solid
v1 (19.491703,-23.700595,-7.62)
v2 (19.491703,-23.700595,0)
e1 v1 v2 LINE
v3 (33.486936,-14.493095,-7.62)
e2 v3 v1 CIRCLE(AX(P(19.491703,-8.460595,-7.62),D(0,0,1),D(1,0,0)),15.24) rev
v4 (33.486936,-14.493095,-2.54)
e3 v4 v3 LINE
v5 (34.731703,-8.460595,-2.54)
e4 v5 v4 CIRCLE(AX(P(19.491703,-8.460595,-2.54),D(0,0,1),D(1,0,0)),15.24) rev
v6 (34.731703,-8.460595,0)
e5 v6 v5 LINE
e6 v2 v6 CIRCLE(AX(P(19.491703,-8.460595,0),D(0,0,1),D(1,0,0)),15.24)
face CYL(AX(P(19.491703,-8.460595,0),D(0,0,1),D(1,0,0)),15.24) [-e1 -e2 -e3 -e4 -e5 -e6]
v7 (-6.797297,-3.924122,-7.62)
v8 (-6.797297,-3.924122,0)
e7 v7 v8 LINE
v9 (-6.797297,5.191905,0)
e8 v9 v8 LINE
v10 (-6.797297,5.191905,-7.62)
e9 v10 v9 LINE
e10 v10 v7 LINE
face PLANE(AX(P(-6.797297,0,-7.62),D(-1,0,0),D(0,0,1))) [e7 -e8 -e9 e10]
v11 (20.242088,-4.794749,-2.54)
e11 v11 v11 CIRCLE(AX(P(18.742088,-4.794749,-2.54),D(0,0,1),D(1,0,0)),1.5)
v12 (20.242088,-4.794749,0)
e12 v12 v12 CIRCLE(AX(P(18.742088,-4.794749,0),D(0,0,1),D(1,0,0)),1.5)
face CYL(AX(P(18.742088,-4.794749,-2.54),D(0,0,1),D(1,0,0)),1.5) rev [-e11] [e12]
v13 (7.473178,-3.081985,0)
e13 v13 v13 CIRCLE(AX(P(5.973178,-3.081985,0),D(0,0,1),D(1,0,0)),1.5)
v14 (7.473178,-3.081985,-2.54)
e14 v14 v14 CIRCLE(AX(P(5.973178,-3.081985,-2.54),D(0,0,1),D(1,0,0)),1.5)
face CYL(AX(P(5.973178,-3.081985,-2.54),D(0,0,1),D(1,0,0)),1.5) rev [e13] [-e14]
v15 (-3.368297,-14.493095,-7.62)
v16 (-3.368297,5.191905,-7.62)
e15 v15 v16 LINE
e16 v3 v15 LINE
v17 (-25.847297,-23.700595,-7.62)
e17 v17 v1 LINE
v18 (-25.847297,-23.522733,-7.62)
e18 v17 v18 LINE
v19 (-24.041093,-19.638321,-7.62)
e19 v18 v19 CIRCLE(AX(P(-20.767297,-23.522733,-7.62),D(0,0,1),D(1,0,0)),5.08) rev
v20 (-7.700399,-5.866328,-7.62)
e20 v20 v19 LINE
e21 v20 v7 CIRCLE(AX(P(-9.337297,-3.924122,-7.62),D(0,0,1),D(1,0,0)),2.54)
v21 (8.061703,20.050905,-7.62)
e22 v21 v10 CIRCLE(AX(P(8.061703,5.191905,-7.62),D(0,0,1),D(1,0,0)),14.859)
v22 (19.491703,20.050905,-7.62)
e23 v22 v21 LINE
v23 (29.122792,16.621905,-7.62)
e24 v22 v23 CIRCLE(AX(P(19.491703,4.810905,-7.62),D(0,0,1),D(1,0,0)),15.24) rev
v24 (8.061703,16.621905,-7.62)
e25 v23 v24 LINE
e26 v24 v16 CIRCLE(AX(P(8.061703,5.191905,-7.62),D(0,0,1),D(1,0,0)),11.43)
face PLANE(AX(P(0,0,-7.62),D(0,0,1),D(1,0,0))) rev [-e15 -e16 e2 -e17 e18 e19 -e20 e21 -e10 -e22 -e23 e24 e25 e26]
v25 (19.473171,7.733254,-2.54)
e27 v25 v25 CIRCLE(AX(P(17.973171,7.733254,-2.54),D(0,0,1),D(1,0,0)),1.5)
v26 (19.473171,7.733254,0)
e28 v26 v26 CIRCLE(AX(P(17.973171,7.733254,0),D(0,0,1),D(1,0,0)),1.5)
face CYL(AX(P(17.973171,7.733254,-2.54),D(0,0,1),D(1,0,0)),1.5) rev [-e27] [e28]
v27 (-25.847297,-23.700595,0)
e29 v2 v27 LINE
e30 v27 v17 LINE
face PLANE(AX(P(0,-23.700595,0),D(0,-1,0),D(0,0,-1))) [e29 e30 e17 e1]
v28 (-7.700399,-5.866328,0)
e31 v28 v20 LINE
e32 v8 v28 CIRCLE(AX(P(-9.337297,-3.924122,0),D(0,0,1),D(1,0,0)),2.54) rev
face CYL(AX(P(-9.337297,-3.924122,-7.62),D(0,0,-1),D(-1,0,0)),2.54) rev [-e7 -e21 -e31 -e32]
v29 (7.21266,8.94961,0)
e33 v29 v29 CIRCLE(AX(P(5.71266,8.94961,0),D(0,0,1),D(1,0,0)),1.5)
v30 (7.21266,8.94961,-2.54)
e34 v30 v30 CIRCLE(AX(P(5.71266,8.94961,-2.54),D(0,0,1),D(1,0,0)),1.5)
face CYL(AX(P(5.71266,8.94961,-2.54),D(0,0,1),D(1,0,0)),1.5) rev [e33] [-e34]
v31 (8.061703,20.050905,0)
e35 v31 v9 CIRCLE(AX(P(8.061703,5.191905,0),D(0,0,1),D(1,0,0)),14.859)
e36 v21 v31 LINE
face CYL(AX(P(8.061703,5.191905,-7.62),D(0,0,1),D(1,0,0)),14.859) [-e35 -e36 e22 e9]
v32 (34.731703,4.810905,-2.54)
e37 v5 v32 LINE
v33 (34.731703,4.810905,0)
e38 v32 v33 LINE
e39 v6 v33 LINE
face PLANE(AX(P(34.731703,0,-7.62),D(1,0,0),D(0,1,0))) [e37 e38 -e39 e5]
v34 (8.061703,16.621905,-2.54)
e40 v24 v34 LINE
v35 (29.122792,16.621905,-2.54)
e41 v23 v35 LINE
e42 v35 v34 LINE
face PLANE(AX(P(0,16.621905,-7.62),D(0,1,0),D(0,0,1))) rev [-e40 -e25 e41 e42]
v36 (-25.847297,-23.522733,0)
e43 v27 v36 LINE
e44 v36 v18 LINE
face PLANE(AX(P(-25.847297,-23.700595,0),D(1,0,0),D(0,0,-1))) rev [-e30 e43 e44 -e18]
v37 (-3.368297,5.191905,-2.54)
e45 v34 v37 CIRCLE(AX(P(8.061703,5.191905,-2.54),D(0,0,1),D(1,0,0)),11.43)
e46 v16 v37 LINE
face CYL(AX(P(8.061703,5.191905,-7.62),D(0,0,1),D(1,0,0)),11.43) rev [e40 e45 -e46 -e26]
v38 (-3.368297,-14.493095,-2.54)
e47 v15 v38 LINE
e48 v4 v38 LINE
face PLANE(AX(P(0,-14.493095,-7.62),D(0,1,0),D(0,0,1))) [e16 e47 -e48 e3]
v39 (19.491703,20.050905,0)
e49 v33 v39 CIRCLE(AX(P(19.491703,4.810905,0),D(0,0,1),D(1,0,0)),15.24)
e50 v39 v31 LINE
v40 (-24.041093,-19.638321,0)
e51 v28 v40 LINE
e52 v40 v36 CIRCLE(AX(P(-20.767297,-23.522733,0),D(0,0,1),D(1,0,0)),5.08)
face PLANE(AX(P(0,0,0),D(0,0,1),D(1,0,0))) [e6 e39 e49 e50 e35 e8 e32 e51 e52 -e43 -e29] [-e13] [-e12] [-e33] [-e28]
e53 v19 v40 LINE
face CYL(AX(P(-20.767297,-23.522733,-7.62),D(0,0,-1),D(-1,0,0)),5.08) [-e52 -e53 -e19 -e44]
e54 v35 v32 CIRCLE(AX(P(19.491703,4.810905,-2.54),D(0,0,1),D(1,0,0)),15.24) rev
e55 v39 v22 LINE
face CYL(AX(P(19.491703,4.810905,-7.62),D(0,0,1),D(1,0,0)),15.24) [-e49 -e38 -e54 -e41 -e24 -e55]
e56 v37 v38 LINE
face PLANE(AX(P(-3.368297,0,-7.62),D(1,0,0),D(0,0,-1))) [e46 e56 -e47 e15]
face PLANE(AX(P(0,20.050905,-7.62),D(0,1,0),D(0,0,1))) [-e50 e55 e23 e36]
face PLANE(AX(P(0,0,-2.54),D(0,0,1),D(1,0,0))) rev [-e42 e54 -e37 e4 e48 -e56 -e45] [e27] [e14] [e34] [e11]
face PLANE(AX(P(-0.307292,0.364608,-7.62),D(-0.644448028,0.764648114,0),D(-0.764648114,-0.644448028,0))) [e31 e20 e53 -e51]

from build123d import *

# Parameters (mm, degrees)
BOSS_EXTRUDE1_DEPTH = 7.62
SKETCH4_3_R         = 1.5
BOSS_EXTRUDE2_DEPTH = 2.54
SKETCH5_W           = 60.579
SKETCH5_H           = 7.62
BOSS_EXTRUDE3_DEPTH = 2.54
FILLET1_R           = 15.24
FILLET2_R           = 5.08
FILLET3_R           = 2.54


with BuildPart() as part:
    # Sketch4 → Boss-Extrude1 (new body)
    with BuildSketch(Plane.XY):
        with BuildLine():
            Line((34.731702618, -14.493095403), (-3.368297382, -14.493095403))
            Line((-3.368297382, -14.493095403), (-3.368297382, -11.064095403))
            Line((-3.368297382, -11.064095403), (-3.368297382, -8.326281589))
            Line((-3.368297382, -8.326281589), (-3.368297382, 5.191904597))
            ThreePointArc((-3.368297382, 5.191904597), (-0.020527891, 13.274135106), (8.061702618, 16.621904597))
            Line((8.061702618, 16.621904597), (34.731702618, 16.621904597))
            Line((34.731702618, 16.621904597), (34.731702618, 20.050904597))
            Line((34.731702618, 20.050904597), (8.061702618, 20.050904597))
            ThreePointArc((8.061702618, 20.050904597), (-2.445197043, 15.698804259), (-6.797297382, 5.191904597))
            Line((-6.797297382, 5.191904597), (-6.797297382, -5.10519069))
            Line((-6.797297382, -5.10519069), (-6.797297382, -14.493095403))
            Line((-6.797297382, -14.493095403), (-6.797297382, -17.922095403))
            Line((-6.797297382, -17.922095403), (-3.368297382, -17.922095403))
            Line((-3.368297382, -17.922095403), (34.731702618, -17.922095403))
            Line((34.731702618, -17.922095403), (34.731702618, -14.493095403))
        make_face()
        Polygon((-6.797297382, -21.160595403), (-6.797297382, -17.922095403), (-6.797297382, -14.493095403), (-6.797297382, -5.10519069), (-25.847297382, -21.160595403), align=None)
        Polygon((-6.797297382, -21.160595403), (34.731702618, -21.160595403), (34.731702618, -17.922095403), (-3.368297382, -17.922095403), (-6.797297382, -17.922095403), align=None)
    extrude(amount=-BOSS_EXTRUDE1_DEPTH)

    # Sketch4<3> → Boss-Extrude2 (add)
    with BuildSketch(Plane.XY):
        with BuildLine():
            Line((-3.368297382, -11.064095403), (-3.368297382, -14.493095403))
            Line((-3.368297382, -14.493095403), (34.731702618, -14.493095403))
            Line((34.731702618, -14.493095403), (34.731702618, 16.621904597))
            Line((34.731702618, 16.621904597), (8.061702618, 16.621904597))
            ThreePointArc((8.061702618, 16.621904597), (-0.020527891, 13.274135106), (-3.368297382, 5.191904597))
            Line((-3.368297382, 5.191904597), (-3.368297382, -8.326281589))
            Line((-3.368297382, -8.326281589), (-3.368297382, -11.064095403))
        make_face()
        with Locations((5.973177543, -3.081984913)):
            Circle(SKETCH4_3_R, mode=Mode.SUBTRACT)
        with Locations((18.742087817, -4.794749031)):
            Circle(SKETCH4_3_R, mode=Mode.SUBTRACT)
        with Locations((5.712659725, 8.949609908)):
            Circle(SKETCH4_3_R, mode=Mode.SUBTRACT)
        with Locations((17.97317096, 7.733253911)):
            Circle(SKETCH4_3_R, mode=Mode.SUBTRACT)
    extrude(amount=-BOSS_EXTRUDE2_DEPTH)

    # Sketch5 → Boss-Extrude3 (add)
    with BuildSketch(Plane.XZ.offset(21.160595403)):
        with Locations((4.442202618, -3.81)):
            Rectangle(SKETCH5_W, SKETCH5_H)
    extrude(amount=BOSS_EXTRUDE3_DEPTH)

    # Fillet1
    fillet1_edges = [part.edges().sort_by_distance(p)[0] for p in [
        (34.731702618, 20.050904597, -3.81),
        (34.731702618, -23.700595403, -3.81),
    ]]
    fillet(fillet1_edges, radius=FILLET1_R)

    # Fillet2
    fillet2_edges = [part.edges().sort_by_distance(p)[0] for p in [
        (-25.847297382, -21.160595403, -3.81),
    ]]
    fillet(fillet2_edges, radius=FILLET2_R)

    # Fillet3
    fillet3_edges = [part.edges().sort_by_distance(p)[0] for p in [
        (-6.797297382, -5.10519069, -3.81),
    ]]
    fillet(fillet3_edges, radius=FILLET3_R)


solid = part.part
